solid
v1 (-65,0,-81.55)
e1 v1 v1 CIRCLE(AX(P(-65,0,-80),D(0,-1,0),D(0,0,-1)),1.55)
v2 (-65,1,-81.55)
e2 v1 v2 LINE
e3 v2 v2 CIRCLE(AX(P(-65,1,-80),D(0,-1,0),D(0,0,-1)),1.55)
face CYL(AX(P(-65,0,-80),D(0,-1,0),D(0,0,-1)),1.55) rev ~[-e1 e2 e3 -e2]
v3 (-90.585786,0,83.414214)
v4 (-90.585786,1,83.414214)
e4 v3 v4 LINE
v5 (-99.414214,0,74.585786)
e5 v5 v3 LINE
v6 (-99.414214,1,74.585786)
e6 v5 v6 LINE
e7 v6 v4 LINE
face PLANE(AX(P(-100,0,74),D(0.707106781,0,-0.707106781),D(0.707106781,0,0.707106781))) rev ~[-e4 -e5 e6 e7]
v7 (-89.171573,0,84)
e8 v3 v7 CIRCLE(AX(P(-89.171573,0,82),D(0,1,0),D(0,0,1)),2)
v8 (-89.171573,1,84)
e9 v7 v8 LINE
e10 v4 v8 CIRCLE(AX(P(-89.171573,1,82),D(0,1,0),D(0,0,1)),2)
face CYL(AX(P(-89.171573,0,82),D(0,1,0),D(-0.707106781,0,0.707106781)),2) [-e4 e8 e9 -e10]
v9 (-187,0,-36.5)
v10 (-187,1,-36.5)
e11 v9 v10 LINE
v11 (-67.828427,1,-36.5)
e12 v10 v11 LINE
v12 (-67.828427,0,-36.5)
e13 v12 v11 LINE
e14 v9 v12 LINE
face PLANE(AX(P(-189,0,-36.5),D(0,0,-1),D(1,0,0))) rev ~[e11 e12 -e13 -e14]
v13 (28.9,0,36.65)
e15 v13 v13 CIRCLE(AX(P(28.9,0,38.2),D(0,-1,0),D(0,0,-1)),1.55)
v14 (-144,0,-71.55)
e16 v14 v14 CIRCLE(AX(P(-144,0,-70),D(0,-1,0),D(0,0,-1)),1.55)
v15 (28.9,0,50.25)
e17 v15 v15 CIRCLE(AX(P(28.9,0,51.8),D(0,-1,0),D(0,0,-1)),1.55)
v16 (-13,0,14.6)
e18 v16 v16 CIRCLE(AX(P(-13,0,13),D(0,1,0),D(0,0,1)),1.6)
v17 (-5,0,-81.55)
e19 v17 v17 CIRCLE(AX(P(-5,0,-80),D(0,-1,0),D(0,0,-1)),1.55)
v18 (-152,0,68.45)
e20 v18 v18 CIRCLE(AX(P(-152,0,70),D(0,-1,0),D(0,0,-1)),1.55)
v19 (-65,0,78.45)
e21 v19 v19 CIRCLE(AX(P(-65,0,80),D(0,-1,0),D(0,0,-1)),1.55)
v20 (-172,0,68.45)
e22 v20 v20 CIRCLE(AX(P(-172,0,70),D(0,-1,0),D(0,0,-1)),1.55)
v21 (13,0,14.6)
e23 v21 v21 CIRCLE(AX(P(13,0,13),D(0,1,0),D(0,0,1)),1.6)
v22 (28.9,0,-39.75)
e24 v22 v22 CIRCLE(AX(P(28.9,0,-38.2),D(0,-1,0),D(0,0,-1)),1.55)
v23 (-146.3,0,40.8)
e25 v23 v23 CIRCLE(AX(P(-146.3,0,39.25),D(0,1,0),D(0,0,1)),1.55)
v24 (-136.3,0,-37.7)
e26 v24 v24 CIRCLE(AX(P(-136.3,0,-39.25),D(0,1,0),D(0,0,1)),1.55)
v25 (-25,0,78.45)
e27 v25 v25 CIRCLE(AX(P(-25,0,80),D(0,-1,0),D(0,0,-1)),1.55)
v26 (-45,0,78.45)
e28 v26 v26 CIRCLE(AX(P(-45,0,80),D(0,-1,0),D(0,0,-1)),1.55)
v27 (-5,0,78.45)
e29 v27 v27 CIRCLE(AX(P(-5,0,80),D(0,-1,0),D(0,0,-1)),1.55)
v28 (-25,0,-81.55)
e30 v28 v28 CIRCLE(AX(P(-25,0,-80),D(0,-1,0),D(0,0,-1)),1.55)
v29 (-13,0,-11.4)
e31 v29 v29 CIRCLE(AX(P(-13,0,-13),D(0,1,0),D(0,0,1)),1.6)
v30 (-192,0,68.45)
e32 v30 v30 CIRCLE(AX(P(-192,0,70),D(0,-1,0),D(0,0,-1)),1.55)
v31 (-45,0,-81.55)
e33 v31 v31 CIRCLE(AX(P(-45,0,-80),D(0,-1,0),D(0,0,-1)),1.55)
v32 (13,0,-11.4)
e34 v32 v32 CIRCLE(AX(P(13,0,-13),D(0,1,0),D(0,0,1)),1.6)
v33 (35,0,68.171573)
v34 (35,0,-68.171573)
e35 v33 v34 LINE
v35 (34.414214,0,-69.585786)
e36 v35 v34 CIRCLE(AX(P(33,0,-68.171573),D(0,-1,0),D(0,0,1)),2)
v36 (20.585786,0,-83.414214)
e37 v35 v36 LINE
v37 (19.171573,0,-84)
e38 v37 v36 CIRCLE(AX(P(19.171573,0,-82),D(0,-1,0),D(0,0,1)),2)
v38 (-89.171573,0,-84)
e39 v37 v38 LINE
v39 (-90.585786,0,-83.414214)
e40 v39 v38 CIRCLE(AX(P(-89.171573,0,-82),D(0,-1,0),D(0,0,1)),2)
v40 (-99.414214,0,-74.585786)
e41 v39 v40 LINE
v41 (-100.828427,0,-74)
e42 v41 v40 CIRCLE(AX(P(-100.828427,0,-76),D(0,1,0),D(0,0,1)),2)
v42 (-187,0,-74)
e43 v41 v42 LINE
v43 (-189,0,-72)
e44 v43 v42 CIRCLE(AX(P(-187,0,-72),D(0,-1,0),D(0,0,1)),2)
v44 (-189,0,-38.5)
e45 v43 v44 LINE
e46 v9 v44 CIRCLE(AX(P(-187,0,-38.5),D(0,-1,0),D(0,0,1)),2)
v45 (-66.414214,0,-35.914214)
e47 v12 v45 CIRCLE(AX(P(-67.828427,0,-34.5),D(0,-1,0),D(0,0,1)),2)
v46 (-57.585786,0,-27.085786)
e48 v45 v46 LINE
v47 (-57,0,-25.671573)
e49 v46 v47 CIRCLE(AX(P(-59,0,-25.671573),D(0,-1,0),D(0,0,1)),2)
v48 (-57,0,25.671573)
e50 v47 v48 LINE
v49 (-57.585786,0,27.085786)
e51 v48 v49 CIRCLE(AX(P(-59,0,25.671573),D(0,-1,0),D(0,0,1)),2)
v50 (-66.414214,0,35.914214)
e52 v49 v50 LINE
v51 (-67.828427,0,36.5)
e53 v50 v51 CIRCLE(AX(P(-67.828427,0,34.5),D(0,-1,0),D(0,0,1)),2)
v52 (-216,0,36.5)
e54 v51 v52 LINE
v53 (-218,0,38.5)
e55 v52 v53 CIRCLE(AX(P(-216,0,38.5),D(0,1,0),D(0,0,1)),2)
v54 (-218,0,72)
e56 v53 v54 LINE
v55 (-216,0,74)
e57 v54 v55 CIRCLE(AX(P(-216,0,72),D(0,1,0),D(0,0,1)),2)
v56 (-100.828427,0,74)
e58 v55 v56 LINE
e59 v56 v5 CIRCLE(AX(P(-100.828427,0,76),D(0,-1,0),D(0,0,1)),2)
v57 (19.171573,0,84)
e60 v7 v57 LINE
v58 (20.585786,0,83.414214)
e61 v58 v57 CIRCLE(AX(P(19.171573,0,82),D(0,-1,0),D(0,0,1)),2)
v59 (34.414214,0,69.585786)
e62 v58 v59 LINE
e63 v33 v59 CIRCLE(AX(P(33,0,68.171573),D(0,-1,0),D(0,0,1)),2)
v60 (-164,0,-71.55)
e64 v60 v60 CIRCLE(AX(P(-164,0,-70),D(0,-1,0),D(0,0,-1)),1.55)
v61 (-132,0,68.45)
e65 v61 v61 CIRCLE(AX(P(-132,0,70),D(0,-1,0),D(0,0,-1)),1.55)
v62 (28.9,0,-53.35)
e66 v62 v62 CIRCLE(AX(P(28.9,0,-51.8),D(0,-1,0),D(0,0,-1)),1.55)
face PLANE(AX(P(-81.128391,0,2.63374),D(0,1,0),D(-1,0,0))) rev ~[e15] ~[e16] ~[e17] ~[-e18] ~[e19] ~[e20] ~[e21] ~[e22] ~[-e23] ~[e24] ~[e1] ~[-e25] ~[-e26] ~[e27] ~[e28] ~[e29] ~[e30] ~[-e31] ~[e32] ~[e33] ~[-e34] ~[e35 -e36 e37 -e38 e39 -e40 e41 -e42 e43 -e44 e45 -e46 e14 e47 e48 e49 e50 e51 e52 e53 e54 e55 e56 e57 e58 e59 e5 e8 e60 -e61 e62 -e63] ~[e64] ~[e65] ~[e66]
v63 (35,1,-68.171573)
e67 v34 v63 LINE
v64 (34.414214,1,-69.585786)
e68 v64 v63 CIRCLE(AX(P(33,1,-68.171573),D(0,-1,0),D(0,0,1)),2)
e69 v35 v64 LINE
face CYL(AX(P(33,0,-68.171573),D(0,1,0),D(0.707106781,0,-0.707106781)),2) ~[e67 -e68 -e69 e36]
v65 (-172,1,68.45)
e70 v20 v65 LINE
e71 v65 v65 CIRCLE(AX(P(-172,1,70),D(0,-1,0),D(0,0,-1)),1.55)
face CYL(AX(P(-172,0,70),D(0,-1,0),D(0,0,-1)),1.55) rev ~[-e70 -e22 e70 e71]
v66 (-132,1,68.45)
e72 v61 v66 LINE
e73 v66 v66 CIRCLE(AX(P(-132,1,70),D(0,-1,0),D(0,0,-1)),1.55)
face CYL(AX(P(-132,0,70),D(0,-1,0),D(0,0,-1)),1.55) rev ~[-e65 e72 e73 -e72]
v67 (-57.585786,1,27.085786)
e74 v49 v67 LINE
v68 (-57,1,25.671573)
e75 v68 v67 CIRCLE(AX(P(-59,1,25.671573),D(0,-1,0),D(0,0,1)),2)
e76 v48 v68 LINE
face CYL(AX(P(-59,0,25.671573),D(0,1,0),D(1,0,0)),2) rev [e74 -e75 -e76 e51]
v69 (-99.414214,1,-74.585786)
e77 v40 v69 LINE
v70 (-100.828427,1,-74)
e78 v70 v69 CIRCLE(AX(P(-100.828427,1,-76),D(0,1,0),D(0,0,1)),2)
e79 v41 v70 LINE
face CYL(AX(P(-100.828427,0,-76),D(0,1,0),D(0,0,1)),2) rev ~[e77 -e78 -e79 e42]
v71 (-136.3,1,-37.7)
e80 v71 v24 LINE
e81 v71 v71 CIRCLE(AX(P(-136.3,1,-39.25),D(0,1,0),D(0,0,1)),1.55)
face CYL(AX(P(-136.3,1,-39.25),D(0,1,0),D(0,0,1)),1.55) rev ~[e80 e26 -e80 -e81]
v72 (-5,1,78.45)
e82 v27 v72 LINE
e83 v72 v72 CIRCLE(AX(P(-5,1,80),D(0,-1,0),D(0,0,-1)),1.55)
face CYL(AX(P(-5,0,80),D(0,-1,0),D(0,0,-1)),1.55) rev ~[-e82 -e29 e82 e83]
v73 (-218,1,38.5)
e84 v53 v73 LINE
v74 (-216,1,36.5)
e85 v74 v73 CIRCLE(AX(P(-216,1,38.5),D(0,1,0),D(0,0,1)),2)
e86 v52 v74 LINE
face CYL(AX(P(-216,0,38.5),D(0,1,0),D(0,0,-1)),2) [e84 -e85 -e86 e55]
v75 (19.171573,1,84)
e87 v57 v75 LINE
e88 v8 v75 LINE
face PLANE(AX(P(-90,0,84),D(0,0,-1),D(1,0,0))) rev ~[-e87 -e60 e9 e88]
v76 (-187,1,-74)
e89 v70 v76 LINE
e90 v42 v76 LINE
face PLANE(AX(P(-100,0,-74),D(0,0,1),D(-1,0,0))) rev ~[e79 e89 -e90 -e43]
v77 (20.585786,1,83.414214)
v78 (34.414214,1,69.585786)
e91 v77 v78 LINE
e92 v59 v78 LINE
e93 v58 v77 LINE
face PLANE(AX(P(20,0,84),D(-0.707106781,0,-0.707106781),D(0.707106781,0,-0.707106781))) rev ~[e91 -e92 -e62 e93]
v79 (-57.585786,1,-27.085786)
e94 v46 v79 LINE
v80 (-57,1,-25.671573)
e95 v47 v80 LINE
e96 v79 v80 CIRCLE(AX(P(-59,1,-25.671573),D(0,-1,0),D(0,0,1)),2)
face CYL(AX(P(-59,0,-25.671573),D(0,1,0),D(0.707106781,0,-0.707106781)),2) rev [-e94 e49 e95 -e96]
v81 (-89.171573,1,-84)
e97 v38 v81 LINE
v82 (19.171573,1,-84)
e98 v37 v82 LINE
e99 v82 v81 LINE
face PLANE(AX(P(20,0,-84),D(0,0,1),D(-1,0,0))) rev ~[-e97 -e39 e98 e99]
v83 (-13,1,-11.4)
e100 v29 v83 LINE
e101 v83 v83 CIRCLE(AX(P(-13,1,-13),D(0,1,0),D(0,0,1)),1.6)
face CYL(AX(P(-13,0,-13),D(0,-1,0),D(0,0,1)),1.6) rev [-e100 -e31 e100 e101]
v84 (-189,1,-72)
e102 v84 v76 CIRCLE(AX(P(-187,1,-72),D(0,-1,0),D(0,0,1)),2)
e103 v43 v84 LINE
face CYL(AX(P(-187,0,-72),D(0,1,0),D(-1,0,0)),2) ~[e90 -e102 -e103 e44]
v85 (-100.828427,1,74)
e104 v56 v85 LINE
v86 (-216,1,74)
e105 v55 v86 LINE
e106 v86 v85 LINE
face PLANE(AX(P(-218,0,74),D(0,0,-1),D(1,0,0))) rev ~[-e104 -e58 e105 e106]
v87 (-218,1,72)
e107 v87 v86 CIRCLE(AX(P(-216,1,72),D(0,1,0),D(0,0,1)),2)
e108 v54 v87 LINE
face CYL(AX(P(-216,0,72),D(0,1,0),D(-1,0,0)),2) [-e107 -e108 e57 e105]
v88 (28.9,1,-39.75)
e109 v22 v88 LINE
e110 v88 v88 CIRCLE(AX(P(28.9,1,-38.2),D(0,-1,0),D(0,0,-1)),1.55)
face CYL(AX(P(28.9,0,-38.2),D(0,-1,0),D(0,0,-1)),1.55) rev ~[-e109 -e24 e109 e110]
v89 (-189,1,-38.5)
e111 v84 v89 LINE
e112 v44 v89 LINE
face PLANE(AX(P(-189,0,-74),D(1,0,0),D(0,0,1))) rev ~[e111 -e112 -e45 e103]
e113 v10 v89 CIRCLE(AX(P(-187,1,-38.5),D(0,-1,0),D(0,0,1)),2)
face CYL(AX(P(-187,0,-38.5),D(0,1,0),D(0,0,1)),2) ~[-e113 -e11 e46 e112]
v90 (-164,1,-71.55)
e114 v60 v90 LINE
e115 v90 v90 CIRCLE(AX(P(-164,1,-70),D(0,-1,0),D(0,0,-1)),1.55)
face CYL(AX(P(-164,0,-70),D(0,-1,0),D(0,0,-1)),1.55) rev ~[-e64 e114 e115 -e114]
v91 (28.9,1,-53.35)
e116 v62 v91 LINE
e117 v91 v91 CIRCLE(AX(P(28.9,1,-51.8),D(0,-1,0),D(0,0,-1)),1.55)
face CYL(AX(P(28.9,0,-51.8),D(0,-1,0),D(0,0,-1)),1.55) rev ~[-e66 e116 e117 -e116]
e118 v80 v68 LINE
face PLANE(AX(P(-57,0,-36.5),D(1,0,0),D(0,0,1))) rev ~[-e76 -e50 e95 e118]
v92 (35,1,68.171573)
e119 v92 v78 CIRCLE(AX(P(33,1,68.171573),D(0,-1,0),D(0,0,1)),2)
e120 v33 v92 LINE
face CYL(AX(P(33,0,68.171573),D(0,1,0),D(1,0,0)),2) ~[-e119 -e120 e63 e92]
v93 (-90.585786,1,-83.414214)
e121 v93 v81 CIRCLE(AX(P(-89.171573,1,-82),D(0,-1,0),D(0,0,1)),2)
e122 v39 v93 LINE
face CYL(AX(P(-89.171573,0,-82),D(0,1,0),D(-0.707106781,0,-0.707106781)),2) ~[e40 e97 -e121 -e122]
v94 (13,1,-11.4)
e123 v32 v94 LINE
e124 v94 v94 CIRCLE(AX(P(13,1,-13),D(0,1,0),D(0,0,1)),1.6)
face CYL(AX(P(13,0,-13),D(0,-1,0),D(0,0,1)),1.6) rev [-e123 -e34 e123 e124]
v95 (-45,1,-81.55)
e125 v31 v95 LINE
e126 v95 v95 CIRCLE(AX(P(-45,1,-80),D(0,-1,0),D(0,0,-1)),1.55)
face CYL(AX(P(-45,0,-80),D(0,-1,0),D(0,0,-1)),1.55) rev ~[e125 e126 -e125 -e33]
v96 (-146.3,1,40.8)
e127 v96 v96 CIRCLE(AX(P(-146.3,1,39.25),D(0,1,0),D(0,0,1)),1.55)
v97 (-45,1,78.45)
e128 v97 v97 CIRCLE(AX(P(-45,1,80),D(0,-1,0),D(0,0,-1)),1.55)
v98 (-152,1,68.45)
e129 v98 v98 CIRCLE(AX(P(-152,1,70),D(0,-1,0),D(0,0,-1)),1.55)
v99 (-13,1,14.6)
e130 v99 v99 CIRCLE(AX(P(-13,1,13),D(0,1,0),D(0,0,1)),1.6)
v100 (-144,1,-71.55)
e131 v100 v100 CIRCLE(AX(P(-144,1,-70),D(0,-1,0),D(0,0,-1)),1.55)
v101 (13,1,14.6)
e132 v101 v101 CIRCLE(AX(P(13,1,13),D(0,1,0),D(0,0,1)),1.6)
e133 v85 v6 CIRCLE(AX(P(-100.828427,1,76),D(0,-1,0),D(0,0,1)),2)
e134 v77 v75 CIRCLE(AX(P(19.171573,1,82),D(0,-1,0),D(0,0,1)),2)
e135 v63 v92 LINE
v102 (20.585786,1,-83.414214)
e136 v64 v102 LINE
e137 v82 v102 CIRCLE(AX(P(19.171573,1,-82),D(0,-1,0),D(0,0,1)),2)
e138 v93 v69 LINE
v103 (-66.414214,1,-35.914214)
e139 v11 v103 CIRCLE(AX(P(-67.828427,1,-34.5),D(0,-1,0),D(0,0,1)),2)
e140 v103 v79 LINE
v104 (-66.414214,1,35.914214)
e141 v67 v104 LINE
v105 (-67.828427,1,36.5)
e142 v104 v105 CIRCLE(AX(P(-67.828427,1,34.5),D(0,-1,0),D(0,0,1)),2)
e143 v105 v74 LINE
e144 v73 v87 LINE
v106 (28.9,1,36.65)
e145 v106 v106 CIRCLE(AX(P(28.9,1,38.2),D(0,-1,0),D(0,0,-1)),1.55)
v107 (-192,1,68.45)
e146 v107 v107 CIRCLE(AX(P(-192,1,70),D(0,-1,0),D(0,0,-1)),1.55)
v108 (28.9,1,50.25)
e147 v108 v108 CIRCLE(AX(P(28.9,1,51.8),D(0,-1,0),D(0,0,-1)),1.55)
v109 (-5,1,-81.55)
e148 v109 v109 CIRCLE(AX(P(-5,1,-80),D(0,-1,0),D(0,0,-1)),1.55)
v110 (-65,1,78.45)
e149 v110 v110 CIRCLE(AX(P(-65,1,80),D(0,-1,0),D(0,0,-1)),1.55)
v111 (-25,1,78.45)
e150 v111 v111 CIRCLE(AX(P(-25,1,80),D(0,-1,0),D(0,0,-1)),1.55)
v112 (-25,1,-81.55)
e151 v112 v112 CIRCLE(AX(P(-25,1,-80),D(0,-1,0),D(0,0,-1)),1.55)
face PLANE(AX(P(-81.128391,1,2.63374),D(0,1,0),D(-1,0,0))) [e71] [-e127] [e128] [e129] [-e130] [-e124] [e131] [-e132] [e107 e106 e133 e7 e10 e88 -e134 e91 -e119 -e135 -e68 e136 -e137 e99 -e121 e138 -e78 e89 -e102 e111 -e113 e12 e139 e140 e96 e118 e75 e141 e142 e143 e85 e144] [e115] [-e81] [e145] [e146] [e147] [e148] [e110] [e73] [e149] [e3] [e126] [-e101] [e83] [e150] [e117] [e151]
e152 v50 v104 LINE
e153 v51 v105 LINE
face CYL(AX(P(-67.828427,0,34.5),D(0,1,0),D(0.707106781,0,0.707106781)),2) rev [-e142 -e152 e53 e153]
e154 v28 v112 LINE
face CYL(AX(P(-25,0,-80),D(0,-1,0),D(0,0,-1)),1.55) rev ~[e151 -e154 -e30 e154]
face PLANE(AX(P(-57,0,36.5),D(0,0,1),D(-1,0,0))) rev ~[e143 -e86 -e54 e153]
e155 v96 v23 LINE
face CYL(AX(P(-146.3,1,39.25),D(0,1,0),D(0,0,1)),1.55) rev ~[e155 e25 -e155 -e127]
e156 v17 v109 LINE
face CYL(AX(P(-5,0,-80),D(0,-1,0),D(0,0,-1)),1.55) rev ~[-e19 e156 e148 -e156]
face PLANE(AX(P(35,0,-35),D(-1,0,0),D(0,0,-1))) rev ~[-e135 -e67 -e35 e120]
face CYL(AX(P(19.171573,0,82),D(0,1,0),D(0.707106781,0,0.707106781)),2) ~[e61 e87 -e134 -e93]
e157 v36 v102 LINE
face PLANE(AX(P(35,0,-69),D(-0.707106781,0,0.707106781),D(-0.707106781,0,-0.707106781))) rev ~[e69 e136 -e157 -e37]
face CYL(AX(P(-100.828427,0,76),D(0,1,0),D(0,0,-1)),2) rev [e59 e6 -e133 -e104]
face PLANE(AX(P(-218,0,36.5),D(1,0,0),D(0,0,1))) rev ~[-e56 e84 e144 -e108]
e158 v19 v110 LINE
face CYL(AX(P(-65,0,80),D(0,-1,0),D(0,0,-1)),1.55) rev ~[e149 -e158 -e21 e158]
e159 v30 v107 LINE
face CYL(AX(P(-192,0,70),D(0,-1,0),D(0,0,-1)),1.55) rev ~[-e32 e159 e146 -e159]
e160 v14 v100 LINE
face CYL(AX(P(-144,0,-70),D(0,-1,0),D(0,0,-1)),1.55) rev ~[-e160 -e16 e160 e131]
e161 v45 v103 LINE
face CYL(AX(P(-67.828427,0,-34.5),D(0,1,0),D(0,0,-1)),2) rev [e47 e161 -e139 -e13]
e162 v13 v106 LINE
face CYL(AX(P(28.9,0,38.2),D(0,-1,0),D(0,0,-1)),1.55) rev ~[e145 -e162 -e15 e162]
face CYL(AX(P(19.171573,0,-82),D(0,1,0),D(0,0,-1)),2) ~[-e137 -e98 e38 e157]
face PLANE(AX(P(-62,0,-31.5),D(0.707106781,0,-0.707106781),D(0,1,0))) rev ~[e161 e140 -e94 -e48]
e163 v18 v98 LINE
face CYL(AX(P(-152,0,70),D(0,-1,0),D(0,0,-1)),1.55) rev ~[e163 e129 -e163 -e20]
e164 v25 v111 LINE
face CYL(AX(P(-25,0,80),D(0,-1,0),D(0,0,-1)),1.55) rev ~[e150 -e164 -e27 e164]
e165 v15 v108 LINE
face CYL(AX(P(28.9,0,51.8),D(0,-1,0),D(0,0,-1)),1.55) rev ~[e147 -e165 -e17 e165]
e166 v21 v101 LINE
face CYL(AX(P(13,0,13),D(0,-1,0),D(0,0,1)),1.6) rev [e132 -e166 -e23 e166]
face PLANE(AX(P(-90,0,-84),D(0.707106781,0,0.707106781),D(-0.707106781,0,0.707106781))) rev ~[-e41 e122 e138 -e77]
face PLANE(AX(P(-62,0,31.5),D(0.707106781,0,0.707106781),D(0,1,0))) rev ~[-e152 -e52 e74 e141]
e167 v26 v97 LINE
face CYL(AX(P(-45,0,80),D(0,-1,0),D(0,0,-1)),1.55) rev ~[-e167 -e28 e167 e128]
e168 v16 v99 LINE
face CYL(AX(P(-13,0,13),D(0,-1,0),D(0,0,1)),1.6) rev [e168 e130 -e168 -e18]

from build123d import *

# Parameters (mm, degrees)
SKETCH_1_W          = 70
SKETCH_1_H          = 70
SKETCH_1_R          = 1.6
EXTRUDE_1_DEPTH     = 1
EXTRUDE_2_DEPTH     = 1
SKETCH_5_R          = 1.55
CUT_EXTRUDE_1_DEPTH = 10
SKETCH_6_R          = 1.55
CUT_EXTRUDE_2_DEPTH = 10
CHAMFER_1_SIZE      = 10
FILLET_1_R          = 2


with BuildPart() as part:
    # 草图1 → 凸台-拉伸1 (new body)
    with BuildSketch(Plane(origin=(0, 0, 0), x_dir=(1, 0, 0), z_dir=(0, 1, 0))):
        Rectangle(SKETCH_1_W, SKETCH_1_H)
        with Locations(Location((13, -13, 0), (0, 0, 270))):
            Circle(SKETCH_1_R, mode=Mode.SUBTRACT)
        with Locations(Location((13, 13, 0), (0, 0, 270))):
            Circle(SKETCH_1_R, mode=Mode.SUBTRACT)
        with Locations(Location((-13, 13, 0), (0, 0, 270))):
            Circle(SKETCH_1_R, mode=Mode.SUBTRACT)
        with Locations(Location((-13, -13, 0), (0, 0, 270))):
            Circle(SKETCH_1_R, mode=Mode.SUBTRACT)
    extrude(amount=EXTRUDE_1_DEPTH)

    # 草图2 → 凸台-拉伸2 (add)
    with BuildSketch(Plane.XZ):
        Polygon((35, -35), (35, -69), (20, -84), (-90, -84), (-100, -74), (-189, -74), (-189, -36.5), (-57, -36.5), (-57, 36.5), (-218, 36.5), (-218, 74), (-100, 74), (-90, 84), (20, 84), (35, 69), (35, 35), (-35, 35), (-35, -35), align=None)
    extrude(amount=-EXTRUDE_2_DEPTH)

    # 草图5 → 切除-拉伸1 (cut)
    with BuildSketch(Plane(origin=(0, 1, 0), x_dir=(1, 0, 0), z_dir=(0, 1, 0))):
        with Locations(Location((-146.3, -39.25, 0), (0, 0, 270))):
            Circle(SKETCH_5_R)
        with Locations(Location((-136.3, 39.25, 0), (0, 0, 270))):
            Circle(SKETCH_5_R)
    extrude(amount=-CUT_EXTRUDE_1_DEPTH, mode=Mode.SUBTRACT)

    # 草图6 → 切除-拉伸2 (cut)
    with BuildSketch(Plane.XZ):
        with Locations(Location((28.9, 51.8, 0), (0, 0, 270))):
            Circle(SKETCH_6_R)
        with Locations(Location((28.9, 38.2, 0), (0, 0, 270))):
            Circle(SKETCH_6_R)
        with Locations(Location((28.9, -51.8, 0), (0, 0, 270))):
            Circle(SKETCH_6_R)
        with Locations(Location((28.9, -38.2, 0), (0, 0, 270))):
            Circle(SKETCH_6_R)
        with Locations(Location((-5, 80, 0), (0, 0, 270))):
            Circle(SKETCH_6_R)
        with Locations(Location((-25, 80, 0), (0, 0, 270))):
            Circle(SKETCH_6_R)
        with Locations(Location((-132, 70, 0), (0, 0, 270))):
            Circle(SKETCH_6_R)
        with Locations(Location((-152, 70, 0), (0, 0, 270))):
            Circle(SKETCH_6_R)
        with Locations(Location((-144, -70, 0), (0, 0, 270))):
            Circle(SKETCH_6_R)
        with Locations(Location((-164, -70, 0), (0, 0, 270))):
            Circle(SKETCH_6_R)
        with Locations(Location((-5, -80, 0), (0, 0, 270))):
            Circle(SKETCH_6_R)
        with Locations(Location((-25, -80, 0), (0, 0, 270))):
            Circle(SKETCH_6_R)
        with Locations(Location((-45, 80, 0), (0, 0, 270))):
            Circle(SKETCH_6_R)
        with Locations(Location((-65, 80, 0), (0, 0, 270))):
            Circle(SKETCH_6_R)
        with Locations(Location((-45, -80, 0), (0, 0, 270))):
            Circle(SKETCH_6_R)
        with Locations(Location((-65, -80, 0), (0, 0, 270))):
            Circle(SKETCH_6_R)
        with Locations(Location((-192, 70, 0), (0, 0, 270))):
            Circle(SKETCH_6_R)
        with Locations(Location((-172, 70, 0), (0, 0, 270))):
            Circle(SKETCH_6_R)
    extrude(amount=-CUT_EXTRUDE_2_DEPTH, mode=Mode.SUBTRACT)

    # 倒角1
    chamfer_1_edges = [part.edges().sort_by_distance(p)[0] for p in [
        (-57, 0.5, -36.5),
        (-57, 0.5, 36.5),
    ]]
    chamfer(chamfer_1_edges, length=CHAMFER_1_SIZE)

    # 圆角1
    fillet_1_edges = [part.edges().sort_by_distance(p)[0] for p in [
        (-57, 0.5, 26.5),
        (-57, 0.5, -26.5),
        (-67, 0.5, -36.5),
        (-67, 0.5, 36.5),
        (35, 0.5, -69),
        (20, 0.5, -84),
        (-90, 0.5, -84),
        (-100, 0.5, -74),
        (-189, 0.5, -74),
        (-189, 0.5, -36.5),
        (-218, 0.5, 36.5),
        (-218, 0.5, 74),
        (-100, 0.5, 74),
        (-90, 0.5, 84),
        (20, 0.5, 84),
        (35, 0.5, 69),
    ]]
    fillet(fillet_1_edges, radius=FILLET_1_R)


solid = part.part
